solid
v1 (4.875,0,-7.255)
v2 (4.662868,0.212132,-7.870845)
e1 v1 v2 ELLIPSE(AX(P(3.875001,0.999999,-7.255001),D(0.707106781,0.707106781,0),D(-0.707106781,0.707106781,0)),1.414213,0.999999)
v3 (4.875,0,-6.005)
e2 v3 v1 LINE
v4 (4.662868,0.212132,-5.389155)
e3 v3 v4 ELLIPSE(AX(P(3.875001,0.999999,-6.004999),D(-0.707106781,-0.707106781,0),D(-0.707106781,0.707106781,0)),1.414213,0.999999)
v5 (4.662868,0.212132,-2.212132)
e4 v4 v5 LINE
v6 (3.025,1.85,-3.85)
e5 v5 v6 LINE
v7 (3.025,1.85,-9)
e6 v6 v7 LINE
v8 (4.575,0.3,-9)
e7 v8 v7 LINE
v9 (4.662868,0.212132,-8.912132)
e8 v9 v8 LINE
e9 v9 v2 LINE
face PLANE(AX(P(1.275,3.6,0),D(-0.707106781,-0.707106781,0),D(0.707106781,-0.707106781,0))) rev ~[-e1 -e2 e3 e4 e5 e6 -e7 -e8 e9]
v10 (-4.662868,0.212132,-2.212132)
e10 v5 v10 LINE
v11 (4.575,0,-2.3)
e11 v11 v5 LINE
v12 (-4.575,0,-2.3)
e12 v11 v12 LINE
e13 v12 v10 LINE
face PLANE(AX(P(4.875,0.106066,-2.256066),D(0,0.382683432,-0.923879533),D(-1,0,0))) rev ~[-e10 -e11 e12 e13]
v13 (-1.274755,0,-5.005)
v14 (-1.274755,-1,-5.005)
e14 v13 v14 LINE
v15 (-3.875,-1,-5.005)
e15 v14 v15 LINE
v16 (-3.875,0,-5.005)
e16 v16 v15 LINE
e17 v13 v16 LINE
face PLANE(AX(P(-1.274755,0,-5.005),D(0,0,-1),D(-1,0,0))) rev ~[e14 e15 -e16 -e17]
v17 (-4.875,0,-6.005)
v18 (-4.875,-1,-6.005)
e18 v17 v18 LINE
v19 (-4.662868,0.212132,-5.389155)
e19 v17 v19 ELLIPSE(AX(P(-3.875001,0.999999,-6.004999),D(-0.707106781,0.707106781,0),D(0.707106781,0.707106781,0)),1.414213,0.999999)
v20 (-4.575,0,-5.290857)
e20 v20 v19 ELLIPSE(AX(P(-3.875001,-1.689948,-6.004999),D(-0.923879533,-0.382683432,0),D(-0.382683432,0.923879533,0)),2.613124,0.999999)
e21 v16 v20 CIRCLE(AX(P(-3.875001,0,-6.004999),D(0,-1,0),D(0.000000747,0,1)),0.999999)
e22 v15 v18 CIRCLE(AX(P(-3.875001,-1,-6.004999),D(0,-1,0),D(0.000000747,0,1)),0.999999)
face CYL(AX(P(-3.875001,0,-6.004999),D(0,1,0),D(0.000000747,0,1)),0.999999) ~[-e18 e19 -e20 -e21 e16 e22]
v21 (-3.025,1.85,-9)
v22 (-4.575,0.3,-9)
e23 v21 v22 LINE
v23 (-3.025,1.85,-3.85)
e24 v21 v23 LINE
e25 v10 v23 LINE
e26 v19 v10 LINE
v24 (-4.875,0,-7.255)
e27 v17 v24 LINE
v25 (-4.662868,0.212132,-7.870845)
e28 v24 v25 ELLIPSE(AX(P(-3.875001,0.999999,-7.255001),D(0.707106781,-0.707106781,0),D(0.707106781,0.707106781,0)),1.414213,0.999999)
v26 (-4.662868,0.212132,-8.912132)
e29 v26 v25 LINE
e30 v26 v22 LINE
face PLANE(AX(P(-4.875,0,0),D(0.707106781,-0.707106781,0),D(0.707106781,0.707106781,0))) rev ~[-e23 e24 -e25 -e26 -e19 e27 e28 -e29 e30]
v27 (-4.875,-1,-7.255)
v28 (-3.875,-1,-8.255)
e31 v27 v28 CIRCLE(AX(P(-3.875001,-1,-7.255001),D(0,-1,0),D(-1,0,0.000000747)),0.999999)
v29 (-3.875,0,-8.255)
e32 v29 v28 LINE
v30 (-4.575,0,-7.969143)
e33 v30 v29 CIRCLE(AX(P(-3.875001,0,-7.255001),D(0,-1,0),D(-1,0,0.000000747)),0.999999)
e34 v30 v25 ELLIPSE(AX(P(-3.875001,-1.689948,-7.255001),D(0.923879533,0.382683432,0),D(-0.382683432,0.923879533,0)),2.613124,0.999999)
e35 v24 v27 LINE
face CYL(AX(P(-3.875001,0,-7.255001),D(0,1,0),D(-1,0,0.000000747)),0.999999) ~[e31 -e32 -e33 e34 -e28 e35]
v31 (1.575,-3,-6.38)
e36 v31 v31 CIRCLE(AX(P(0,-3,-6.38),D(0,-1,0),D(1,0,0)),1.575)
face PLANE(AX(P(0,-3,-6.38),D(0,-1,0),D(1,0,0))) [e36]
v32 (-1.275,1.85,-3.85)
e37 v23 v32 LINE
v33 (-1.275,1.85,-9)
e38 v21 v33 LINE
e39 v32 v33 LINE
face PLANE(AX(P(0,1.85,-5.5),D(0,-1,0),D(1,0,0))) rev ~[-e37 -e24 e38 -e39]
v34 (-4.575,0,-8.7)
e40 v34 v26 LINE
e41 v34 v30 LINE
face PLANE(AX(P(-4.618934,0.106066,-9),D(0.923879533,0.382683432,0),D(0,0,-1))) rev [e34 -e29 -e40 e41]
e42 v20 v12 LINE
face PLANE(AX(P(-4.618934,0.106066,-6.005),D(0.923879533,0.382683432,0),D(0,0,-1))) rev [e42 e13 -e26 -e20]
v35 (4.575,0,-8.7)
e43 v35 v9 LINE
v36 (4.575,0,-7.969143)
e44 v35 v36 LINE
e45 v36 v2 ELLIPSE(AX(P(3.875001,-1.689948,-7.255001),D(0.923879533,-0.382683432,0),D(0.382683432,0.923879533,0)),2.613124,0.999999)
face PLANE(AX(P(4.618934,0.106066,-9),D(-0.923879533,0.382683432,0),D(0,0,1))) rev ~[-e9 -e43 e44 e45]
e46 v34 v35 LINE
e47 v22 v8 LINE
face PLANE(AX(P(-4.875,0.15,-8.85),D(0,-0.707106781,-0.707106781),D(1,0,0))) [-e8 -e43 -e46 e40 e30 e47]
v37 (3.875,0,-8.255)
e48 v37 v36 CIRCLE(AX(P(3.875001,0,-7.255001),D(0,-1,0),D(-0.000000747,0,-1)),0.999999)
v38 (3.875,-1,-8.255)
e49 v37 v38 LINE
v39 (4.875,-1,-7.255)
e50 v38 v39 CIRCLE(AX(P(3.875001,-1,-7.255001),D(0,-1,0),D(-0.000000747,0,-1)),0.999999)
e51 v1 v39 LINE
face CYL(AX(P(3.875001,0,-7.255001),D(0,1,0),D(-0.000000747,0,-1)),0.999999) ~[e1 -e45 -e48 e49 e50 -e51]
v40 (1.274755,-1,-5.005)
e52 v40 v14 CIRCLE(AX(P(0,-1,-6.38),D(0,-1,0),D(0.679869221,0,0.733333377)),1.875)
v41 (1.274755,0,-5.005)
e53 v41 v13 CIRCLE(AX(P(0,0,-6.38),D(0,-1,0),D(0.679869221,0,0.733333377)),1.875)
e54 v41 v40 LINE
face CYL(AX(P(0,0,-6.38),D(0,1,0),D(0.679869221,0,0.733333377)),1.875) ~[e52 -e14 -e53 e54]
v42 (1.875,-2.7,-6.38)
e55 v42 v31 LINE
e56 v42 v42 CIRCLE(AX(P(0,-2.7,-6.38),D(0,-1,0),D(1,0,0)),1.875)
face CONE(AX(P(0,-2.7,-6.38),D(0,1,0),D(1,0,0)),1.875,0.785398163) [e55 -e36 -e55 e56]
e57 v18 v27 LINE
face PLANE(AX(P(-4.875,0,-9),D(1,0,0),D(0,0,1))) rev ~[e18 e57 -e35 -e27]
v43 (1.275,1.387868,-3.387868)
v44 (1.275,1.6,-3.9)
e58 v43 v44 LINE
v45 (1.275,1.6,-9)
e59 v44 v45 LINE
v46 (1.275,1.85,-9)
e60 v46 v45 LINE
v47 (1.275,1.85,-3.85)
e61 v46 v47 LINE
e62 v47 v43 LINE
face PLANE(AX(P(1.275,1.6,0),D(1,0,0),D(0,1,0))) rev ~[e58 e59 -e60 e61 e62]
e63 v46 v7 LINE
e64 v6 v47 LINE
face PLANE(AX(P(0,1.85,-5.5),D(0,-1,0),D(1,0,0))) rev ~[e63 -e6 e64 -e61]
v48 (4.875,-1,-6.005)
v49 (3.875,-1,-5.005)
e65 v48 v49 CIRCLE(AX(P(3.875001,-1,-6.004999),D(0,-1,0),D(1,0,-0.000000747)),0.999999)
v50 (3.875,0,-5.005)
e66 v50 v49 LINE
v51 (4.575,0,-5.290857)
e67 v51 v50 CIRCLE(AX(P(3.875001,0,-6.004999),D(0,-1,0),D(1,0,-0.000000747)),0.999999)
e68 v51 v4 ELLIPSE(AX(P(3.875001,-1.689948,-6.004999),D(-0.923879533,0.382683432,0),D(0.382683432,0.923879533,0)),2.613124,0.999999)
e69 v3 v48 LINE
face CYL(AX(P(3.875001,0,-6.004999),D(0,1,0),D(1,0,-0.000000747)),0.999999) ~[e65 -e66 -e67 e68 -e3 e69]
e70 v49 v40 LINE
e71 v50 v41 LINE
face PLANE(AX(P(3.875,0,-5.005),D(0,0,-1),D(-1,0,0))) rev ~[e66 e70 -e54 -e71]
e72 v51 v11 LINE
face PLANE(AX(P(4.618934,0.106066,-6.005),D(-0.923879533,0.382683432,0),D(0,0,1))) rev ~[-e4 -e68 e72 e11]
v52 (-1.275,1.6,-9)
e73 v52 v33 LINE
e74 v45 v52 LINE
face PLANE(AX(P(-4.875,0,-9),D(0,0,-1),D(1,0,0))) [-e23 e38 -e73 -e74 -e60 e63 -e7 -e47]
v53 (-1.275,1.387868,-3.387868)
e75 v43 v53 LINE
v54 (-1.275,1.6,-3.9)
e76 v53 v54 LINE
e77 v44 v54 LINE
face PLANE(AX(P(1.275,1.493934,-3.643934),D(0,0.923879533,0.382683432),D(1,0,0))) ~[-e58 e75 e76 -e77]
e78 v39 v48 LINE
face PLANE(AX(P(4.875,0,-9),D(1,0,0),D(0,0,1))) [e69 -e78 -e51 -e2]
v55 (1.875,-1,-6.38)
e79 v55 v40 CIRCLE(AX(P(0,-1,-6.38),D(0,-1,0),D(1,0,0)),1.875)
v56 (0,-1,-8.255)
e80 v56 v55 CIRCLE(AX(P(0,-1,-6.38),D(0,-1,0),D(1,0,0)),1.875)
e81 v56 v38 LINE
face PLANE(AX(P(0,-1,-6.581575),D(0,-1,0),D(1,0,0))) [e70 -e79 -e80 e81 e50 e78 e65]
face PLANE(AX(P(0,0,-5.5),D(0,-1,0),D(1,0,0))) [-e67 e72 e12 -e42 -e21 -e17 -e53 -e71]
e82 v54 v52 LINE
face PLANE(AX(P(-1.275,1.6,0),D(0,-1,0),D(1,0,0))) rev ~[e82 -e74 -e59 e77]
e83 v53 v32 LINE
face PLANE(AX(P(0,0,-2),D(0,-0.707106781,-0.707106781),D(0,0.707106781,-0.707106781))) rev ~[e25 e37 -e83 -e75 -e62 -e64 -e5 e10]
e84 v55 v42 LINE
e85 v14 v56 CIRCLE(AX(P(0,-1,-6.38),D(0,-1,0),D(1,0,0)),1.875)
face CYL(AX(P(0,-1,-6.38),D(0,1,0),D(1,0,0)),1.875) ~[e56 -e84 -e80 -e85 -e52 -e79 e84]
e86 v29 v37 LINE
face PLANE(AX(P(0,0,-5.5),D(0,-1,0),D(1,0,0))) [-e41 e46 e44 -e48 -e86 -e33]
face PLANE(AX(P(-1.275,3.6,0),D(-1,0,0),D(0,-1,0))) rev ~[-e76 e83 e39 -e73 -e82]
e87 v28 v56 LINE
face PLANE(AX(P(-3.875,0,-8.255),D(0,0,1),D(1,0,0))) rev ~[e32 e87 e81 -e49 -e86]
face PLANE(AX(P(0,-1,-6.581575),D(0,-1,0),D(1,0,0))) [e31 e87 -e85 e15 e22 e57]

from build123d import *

# Parameters (mm, degrees)
PAD006_DEPTH         = 1
SKETCH010_W          = 9.75
SKETCH010_H          = 7
PAD007_DEPTH         = 1.85
SKETCH012_R          = 1.875
PAD005_DEPTH         = 2
POCKET_DEPTH         = 9.001
POCKET001_DEPTH      = 4.876
POCKET001_DEPTH_BACK = -4.876
CHAMFER_SIZE         = 0.3


with BuildPart() as part:
    # Sketch013 → Pad006 (new body)
    with BuildSketch(Plane.XZ):
        with BuildLine():
            ThreePointArc((1.274755, -5.005), (0, -4.505), (-1.274755, -5.005))
            Line((-1.274755, -5.005), (-3.875, -5.005))
            ThreePointArc((-3.875, -5.005), (-4.582107, -5.297893), (-4.875, -6.005))
            Line((-4.875, -6.005), (-4.875, -7.255))
            ThreePointArc((-4.875, -7.255), (-4.582107, -7.962107), (-3.875, -8.255))
            Line((-3.875, -8.255), (3.875, -8.255))
            ThreePointArc((3.875, -8.255), (4.582107, -7.962107), (4.875, -7.255))
            Line((4.875, -7.255), (4.875, -6.005))
            ThreePointArc((4.875, -6.005), (4.582107, -5.297893), (3.875, -5.005))
            Line((3.875, -5.005), (1.274755, -5.005))
        make_face()
    extrude(amount=PAD006_DEPTH)

    # Sketch010 → Pad007 (join)
    with BuildSketch(Plane.XZ):
        with Locations((0, -5.5)):
            Rectangle(SKETCH010_W, SKETCH010_H)
    extrude(amount=-PAD007_DEPTH)

    # Sketch012 → Pad005 (join)
    with BuildSketch(Plane.XZ.offset(1)):
        with Locations((0, -6.38)):
            Circle(SKETCH012_R)
    extrude(amount=PAD005_DEPTH)

    # Sketch → Pocket (cut, through all)
    with BuildSketch(Plane.XY):
        Polygon((-1.275, 3.6), (-1.275, 1.6), (1.275, 1.6), (1.275, 3.6), (4.875, 0), (4.875, 5), (-4.875, 5), (-4.875, 0), align=None)
    extrude(amount=-POCKET_DEPTH, mode=Mode.SUBTRACT)

    # Sketch014 → Pocket001 (cut, two sides)
    with BuildSketch(Plane.YZ) as pocket001_sk:
        Polygon((0, 0), (0, -2), (4, -6), (4, 0), align=None)
    extrude(amount=-POCKET001_DEPTH, mode=Mode.SUBTRACT)
    extrude(pocket001_sk.sketch, amount=-POCKET001_DEPTH_BACK, mode=Mode.SUBTRACT)

    # Chamfer
    chamfer_edges = [part.edges().sort_by_distance(p)[0] for p in [
        (-1.875, -3, -6.38),
        (0, 1.6, -3.6),
        (-4.875, 0, -4.0025),
        (-4.875, 0, -8.1275),
        (4.875, 0, -4.0025),
        (4.875, 0, -8.1275),
        (0, 0, -9),
        (0, 0, -2),
    ]]
    chamfer(chamfer_edges, length=CHAMFER_SIZE)


solid = part.part
